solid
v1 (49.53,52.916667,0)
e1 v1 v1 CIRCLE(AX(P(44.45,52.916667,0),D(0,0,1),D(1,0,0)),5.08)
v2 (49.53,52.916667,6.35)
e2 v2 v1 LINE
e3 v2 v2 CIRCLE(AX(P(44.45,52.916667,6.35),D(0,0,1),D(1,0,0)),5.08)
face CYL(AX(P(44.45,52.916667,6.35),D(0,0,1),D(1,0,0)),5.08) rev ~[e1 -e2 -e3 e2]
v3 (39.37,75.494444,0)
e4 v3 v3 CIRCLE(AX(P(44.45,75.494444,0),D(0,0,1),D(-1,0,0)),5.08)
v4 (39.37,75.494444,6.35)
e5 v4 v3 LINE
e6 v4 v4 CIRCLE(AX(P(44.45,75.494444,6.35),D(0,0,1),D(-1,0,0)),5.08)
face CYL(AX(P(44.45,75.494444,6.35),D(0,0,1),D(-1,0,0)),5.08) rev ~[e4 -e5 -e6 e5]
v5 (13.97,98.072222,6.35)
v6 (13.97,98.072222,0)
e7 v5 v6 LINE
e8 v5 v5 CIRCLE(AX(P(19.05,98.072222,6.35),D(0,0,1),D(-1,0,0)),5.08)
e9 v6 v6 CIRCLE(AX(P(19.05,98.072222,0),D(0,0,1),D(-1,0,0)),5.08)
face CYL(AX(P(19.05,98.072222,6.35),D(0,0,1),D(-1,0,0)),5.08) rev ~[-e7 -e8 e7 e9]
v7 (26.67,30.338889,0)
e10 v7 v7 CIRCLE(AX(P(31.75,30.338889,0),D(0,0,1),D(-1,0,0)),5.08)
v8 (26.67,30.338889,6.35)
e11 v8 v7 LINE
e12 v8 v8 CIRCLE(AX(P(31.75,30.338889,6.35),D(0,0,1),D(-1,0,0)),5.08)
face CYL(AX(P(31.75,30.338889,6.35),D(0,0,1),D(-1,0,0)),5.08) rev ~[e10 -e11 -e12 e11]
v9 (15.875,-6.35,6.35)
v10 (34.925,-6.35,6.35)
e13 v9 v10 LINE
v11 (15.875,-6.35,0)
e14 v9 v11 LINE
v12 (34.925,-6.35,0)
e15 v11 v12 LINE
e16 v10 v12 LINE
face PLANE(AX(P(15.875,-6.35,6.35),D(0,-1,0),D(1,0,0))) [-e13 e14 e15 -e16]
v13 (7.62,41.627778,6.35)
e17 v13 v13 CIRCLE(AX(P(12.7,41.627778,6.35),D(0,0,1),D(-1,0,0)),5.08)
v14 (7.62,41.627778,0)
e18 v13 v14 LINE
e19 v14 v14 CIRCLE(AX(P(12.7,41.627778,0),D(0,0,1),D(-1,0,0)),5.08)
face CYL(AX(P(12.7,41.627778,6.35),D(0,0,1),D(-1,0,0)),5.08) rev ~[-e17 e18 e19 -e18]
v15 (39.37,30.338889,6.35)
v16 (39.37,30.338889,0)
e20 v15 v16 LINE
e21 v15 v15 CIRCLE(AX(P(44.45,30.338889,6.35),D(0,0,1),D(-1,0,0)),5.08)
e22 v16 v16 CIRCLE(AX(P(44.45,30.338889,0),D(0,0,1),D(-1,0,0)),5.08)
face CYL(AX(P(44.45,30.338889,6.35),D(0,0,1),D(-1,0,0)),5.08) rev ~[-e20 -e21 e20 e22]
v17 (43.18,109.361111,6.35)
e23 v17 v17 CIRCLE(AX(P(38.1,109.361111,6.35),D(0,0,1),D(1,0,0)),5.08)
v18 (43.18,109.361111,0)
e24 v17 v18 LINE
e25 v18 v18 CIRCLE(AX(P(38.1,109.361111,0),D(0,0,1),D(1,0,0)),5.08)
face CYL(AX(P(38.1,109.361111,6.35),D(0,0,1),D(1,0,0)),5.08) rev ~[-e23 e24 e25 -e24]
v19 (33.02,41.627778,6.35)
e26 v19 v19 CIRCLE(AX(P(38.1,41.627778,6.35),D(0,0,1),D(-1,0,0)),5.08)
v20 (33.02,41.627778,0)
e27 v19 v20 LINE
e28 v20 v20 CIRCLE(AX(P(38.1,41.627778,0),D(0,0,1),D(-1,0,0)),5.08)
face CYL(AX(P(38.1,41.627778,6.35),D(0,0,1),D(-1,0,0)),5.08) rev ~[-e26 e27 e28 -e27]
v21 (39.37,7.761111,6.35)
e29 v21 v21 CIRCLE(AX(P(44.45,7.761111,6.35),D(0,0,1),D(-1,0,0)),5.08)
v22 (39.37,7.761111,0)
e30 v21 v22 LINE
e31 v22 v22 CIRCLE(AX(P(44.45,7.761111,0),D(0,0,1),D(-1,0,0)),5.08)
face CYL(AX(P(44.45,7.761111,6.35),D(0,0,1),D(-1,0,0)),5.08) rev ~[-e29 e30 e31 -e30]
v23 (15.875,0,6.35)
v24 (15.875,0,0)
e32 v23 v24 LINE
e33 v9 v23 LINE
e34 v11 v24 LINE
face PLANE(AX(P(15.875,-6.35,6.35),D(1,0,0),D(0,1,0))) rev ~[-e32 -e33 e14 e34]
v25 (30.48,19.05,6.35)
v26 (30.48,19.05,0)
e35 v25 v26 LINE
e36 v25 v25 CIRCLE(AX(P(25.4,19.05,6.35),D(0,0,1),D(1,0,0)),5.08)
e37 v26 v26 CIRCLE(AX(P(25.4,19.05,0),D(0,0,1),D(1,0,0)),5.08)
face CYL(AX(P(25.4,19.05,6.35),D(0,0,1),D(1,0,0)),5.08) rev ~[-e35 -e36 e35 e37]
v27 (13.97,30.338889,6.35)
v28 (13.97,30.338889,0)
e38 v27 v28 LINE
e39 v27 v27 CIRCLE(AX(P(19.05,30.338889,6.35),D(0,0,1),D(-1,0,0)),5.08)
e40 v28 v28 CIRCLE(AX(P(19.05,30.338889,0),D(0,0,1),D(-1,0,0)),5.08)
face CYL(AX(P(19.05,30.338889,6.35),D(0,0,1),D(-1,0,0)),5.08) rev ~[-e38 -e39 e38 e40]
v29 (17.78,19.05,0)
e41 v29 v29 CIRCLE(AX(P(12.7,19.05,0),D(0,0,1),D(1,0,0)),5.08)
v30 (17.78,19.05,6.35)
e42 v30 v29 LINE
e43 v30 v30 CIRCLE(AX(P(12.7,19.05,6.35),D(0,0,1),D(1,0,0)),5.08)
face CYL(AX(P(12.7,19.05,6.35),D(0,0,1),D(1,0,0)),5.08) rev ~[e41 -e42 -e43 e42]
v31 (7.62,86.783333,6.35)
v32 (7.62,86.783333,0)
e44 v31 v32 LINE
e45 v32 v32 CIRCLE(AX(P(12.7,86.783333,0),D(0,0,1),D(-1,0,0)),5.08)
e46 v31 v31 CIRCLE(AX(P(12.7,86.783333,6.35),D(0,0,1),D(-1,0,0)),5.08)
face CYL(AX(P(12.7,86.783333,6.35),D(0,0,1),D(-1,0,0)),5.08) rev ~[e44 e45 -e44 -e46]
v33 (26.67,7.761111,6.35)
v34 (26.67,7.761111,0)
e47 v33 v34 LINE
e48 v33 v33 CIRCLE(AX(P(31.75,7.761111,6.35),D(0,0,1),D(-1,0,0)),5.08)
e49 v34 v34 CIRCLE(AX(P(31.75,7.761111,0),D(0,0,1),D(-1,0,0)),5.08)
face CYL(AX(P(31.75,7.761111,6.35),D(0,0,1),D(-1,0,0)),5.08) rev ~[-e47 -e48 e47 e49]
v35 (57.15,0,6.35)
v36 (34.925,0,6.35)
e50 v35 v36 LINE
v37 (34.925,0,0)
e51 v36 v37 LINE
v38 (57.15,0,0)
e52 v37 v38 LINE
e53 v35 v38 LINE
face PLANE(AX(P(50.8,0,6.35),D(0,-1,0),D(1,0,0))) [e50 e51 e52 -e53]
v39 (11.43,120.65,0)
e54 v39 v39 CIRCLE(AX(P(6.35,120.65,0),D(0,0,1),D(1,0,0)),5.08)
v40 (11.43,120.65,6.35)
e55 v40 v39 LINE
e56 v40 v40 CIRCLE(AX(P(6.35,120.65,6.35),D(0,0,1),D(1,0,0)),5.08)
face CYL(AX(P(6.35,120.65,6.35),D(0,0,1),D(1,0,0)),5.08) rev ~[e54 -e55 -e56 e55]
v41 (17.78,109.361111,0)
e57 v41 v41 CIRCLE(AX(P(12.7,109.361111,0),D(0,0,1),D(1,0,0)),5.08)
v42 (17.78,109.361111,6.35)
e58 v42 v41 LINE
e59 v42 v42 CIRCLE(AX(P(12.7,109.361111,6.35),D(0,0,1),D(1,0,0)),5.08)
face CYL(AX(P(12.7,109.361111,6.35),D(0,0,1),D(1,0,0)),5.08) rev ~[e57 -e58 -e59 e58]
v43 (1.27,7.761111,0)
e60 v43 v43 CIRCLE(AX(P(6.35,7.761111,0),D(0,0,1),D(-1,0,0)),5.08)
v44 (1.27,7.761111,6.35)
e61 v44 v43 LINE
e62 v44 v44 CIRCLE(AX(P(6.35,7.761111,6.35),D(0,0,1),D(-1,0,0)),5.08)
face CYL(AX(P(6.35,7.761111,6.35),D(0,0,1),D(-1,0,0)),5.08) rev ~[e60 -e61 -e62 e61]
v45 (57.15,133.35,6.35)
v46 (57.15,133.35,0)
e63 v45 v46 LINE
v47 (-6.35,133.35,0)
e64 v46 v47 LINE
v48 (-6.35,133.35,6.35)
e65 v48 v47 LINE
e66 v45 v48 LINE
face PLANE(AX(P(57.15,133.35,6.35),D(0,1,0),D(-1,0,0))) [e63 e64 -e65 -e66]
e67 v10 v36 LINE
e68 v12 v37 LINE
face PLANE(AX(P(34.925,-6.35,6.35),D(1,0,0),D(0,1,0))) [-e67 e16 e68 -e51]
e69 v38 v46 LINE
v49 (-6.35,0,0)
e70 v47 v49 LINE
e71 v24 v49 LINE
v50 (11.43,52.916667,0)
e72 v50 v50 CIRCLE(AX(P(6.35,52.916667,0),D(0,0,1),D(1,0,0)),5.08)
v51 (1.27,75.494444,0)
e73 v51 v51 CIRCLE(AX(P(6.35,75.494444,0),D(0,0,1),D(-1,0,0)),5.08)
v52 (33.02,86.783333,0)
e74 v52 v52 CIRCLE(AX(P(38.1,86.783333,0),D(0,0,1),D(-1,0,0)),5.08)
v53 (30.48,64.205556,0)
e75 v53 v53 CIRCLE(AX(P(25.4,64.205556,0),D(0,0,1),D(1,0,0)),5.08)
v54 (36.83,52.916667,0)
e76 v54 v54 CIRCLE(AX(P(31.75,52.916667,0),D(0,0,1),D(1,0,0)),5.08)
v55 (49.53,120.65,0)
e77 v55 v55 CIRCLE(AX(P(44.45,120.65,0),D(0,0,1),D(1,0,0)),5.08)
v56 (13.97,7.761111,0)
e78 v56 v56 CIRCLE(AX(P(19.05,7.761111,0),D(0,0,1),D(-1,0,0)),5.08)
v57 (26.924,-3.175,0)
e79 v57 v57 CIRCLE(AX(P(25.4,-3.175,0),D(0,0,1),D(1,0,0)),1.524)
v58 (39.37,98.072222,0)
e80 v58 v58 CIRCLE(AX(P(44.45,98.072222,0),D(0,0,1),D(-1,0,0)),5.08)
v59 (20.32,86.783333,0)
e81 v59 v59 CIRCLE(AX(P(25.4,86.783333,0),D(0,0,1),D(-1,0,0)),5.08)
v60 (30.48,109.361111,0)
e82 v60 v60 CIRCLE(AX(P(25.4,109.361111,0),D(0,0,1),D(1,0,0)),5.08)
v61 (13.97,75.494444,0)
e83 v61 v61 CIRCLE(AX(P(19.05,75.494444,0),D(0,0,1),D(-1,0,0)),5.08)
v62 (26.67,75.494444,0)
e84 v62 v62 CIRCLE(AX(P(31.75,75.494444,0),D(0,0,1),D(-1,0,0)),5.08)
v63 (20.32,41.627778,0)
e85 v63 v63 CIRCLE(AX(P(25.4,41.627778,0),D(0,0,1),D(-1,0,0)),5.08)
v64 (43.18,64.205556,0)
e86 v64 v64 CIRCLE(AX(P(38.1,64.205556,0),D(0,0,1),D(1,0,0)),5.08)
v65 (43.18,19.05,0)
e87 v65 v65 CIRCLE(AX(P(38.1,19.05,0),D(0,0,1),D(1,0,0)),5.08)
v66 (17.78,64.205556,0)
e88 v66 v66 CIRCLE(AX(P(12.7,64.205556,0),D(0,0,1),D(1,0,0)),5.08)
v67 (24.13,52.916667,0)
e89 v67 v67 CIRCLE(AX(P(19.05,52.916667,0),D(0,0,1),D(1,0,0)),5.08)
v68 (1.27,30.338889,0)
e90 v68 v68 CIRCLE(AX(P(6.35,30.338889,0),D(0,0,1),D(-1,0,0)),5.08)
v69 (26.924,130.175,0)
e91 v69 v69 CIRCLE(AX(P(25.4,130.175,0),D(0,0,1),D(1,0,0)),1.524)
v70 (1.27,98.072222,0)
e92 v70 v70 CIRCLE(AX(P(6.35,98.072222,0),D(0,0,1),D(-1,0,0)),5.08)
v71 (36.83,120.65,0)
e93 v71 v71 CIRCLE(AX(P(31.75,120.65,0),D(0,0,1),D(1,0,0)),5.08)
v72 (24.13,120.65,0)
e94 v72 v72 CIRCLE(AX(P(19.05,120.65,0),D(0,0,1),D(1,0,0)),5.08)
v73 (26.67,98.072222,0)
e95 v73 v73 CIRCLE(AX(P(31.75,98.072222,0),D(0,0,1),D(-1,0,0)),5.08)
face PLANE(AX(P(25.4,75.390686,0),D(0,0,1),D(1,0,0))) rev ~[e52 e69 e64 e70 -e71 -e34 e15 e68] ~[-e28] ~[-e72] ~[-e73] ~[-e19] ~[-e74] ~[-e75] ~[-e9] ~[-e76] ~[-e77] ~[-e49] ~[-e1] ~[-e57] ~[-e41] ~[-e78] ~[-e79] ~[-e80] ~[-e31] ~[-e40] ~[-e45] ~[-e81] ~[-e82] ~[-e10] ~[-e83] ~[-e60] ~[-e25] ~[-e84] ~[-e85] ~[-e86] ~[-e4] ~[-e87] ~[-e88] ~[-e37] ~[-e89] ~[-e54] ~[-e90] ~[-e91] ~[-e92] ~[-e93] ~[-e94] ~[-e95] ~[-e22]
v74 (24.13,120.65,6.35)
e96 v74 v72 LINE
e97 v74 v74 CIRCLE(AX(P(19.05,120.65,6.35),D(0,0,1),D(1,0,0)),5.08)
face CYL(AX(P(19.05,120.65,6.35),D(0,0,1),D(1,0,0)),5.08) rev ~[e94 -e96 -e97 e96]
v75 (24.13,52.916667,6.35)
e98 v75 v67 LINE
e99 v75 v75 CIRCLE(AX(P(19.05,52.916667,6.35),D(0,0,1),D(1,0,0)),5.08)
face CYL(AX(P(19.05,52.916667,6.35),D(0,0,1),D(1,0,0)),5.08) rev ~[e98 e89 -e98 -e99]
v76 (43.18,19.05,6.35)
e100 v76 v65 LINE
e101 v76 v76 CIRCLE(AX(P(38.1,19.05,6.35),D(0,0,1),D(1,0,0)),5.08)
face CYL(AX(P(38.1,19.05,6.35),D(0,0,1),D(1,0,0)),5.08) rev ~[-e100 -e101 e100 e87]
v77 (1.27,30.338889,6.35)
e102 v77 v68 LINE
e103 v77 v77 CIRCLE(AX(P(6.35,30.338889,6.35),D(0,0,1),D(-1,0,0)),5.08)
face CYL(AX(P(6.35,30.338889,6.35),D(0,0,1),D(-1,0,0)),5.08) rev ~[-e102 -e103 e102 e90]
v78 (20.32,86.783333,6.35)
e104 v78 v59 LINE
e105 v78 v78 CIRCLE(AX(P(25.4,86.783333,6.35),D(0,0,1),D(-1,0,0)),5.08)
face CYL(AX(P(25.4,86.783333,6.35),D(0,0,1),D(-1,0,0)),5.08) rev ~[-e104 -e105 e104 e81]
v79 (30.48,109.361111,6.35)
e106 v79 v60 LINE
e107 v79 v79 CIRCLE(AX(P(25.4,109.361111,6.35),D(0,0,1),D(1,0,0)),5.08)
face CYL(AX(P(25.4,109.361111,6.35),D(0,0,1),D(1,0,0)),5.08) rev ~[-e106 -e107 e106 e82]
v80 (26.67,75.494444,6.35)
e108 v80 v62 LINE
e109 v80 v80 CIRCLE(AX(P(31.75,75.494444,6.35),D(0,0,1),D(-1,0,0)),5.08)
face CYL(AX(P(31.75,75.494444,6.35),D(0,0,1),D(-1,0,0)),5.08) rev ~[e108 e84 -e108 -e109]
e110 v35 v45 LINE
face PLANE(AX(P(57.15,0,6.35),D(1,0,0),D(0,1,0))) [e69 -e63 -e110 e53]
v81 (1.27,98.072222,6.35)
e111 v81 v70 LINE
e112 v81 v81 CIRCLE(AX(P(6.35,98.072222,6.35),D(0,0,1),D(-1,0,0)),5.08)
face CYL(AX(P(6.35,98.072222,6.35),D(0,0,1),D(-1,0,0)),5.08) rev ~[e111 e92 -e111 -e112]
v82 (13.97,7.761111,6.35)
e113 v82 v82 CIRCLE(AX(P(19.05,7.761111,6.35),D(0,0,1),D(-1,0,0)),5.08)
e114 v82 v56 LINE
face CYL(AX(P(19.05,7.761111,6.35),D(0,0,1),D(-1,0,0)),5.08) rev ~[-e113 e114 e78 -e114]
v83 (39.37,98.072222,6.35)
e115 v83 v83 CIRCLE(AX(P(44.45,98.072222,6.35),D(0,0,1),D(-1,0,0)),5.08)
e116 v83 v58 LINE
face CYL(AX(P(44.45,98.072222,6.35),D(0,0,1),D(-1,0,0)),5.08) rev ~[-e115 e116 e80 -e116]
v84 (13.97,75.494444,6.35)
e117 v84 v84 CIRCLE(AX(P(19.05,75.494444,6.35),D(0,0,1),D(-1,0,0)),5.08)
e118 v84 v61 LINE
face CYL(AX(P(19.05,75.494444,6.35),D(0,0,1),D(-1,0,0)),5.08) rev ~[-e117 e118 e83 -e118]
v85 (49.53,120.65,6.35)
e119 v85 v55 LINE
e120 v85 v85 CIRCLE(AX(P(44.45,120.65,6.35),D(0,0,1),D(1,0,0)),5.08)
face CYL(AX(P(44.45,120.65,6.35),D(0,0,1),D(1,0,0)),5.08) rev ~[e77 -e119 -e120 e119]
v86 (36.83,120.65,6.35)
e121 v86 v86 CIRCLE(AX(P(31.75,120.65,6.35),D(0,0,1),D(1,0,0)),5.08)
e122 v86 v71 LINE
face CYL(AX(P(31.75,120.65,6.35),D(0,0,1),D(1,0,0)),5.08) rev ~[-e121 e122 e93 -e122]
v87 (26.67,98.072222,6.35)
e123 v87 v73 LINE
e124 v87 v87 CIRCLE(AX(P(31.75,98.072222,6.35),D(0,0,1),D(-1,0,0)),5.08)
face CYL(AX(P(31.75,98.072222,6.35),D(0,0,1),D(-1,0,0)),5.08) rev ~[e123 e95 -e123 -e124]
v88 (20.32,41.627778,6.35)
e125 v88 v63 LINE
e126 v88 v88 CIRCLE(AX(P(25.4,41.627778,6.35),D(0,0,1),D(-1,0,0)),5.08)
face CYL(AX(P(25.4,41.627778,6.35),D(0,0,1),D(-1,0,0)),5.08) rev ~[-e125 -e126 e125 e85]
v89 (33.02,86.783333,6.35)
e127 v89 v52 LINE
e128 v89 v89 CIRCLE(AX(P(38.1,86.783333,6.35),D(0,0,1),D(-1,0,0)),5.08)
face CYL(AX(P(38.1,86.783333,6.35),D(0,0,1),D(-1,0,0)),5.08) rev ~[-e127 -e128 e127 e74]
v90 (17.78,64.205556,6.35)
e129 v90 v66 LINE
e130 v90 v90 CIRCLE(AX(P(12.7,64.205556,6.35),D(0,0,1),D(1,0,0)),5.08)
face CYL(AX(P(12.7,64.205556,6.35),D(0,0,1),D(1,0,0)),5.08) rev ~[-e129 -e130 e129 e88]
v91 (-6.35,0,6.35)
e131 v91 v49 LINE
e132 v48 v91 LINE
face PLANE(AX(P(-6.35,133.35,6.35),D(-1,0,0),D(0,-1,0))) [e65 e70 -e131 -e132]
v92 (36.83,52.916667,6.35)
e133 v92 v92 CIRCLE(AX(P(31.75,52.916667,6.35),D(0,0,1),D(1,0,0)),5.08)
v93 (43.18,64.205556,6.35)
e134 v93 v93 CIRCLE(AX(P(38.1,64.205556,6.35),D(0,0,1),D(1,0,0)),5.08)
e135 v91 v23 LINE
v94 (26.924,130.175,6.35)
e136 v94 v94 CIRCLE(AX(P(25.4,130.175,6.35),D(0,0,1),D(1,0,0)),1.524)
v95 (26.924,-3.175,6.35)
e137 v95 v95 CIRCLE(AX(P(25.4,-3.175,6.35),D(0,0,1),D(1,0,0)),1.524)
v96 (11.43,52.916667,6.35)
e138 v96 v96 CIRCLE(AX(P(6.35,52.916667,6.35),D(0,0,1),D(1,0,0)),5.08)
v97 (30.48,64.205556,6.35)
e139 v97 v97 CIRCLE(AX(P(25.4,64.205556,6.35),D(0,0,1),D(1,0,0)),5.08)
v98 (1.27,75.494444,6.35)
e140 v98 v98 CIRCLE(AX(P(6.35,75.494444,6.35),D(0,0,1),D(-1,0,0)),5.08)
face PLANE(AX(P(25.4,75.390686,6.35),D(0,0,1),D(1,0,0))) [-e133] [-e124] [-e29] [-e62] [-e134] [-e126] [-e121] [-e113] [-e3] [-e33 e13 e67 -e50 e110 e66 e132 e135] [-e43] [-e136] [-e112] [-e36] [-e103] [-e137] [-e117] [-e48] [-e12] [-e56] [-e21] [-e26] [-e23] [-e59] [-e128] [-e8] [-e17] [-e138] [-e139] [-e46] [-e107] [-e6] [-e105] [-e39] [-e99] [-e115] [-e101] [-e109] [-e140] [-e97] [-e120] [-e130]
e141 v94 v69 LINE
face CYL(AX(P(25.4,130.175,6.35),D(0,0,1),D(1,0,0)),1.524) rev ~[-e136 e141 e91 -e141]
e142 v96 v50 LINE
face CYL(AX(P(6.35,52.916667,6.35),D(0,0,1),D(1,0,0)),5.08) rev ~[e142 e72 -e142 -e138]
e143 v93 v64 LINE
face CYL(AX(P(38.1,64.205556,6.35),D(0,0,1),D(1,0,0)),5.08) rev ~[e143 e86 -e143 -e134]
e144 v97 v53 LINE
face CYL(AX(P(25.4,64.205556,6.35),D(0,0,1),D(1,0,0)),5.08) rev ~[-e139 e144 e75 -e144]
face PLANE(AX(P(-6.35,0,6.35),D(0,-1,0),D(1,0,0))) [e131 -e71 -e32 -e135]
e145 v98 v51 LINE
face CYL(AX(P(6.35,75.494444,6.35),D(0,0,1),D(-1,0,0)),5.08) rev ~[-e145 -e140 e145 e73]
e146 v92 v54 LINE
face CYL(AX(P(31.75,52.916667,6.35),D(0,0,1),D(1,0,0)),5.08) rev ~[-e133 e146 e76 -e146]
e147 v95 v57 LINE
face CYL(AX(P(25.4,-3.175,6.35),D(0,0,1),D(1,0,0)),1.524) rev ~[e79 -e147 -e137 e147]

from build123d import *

# Parameters (mm, degrees)
SKETCH1_W           = 50.8
SKETCH1_H           = 127
BOSS_EXTRUDE1_DEPTH = 6.35
SKETCH2_R           = 5.08
CUT_EXTRUDE1_DEPTH  = 137.930502446
SKETCH3_W           = 19.05
SKETCH3_H           = 6.35
SKETCH3_R           = 1.524
BOSS_EXTRUDE2_DEPTH = 6.35
BOSS_EXTRUDE3_DEPTH = 6.35
SKETCH5_R           = 1.524
CUT_EXTRUDE2_DEPTH  = 146.219377151


with BuildPart() as part:
    # Sketch1 → Boss-Extrude1 (new body)
    with BuildSketch(Plane.XY):
        with Locations((25.4, 63.5)):
            Rectangle(SKETCH1_W, SKETCH1_H)
    extrude(amount=BOSS_EXTRUDE1_DEPTH)

    # Sketch2 → Cut-Extrude1 (cut, through all)
    with BuildSketch(Plane.XY.offset(6.35)):
        with Locations(Location((6.35, 98.072222222, 0), (0, 0, 180))):
            Circle(SKETCH2_R)
        with Locations(Location((19.05, 98.072222222, 0), (0, 0, 180))):
            Circle(SKETCH2_R)
        with Locations(Location((31.75, 98.072222222, 0), (0, 0, 180))):
            Circle(SKETCH2_R)
        with Locations(Location((44.45, 98.072222222, 0), (0, 0, 180))):
            Circle(SKETCH2_R)
        with Locations(Location((12.7, 86.783333333, 0), (0, 0, 180))):
            Circle(SKETCH2_R)
        with Locations(Location((25.4, 86.783333333, 0), (0, 0, 180))):
            Circle(SKETCH2_R)
        with Locations(Location((38.1, 86.783333333, 0), (0, 0, 180))):
            Circle(SKETCH2_R)
        with Locations(Location((44.45, 75.494444444, 0), (0, 0, 180))):
            Circle(SKETCH2_R)
        with Locations(Location((31.75, 75.494444444, 0), (0, 0, 180))):
            Circle(SKETCH2_R)
        with Locations(Location((19.05, 75.494444444, 0), (0, 0, 180))):
            Circle(SKETCH2_R)
        with Locations(Location((6.35, 75.494444444, 0), (0, 0, 180))):
            Circle(SKETCH2_R)
        with Locations(Location((6.35, 30.338888889, 0), (0, 0, 180))):
            Circle(SKETCH2_R)
        with Locations(Location((19.05, 30.338888889, 0), (0, 0, 180))):
            Circle(SKETCH2_R)
        with Locations(Location((31.75, 30.338888889, 0), (0, 0, 180))):
            Circle(SKETCH2_R)
        with Locations((19.05, 120.65)):
            Circle(SKETCH2_R)
        with Locations((6.35, 120.65)):
            Circle(SKETCH2_R)
        with Locations((31.75, 120.65)):
            Circle(SKETCH2_R)
        with Locations((44.45, 120.65)):
            Circle(SKETCH2_R)
        with Locations((25.4, 109.361111111)):
            Circle(SKETCH2_R)
        with Locations((38.1, 109.361111111)):
            Circle(SKETCH2_R)
        with Locations((12.7, 109.361111111)):
            Circle(SKETCH2_R)
        with Locations(Location((44.45, 30.338888889, 0), (0, 0, 180))):
            Circle(SKETCH2_R)
        with Locations(Location((38.1, 41.627777778, 0), (0, 0, 180))):
            Circle(SKETCH2_R)
        with Locations(Location((25.4, 41.627777778, 0), (0, 0, 180))):
            Circle(SKETCH2_R)
        with Locations(Location((12.7, 41.627777778, 0), (0, 0, 180))):
            Circle(SKETCH2_R)
        with Locations((38.1, 64.205555556)):
            Circle(SKETCH2_R)
        with Locations((25.4, 64.205555556)):
            Circle(SKETCH2_R)
        with Locations((12.7, 64.205555556)):
            Circle(SKETCH2_R)
        with Locations((44.45, 52.916666667)):
            Circle(SKETCH2_R)
        with Locations((31.75, 52.916666667)):
            Circle(SKETCH2_R)
        with Locations((19.05, 52.916666667)):
            Circle(SKETCH2_R)
        with Locations((6.35, 52.916666667)):
            Circle(SKETCH2_R)
        with Locations((12.7, 19.05)):
            Circle(SKETCH2_R)
        with Locations((25.4, 19.05)):
            Circle(SKETCH2_R)
        with Locations((38.1, 19.05)):
            Circle(SKETCH2_R)
        with Locations(Location((6.35, 7.761111111, 0), (0, 0, 180))):
            Circle(SKETCH2_R)
        with Locations(Location((19.05, 7.761111111, 0), (0, 0, 180))):
            Circle(SKETCH2_R)
        with Locations(Location((31.75, 7.761111111, 0), (0, 0, 180))):
            Circle(SKETCH2_R)
        with Locations(Location((44.45, 7.761111111, 0), (0, 0, 180))):
            Circle(SKETCH2_R)
    extrude(amount=-CUT_EXTRUDE1_DEPTH, mode=Mode.SUBTRACT)



with BuildPart() as body_2:
    # Sketch3 → Boss-Extrude2 (new body)
    with BuildSketch(Plane.XY.offset(6.35)):
        with Locations((25.4, -3.175)):
            Rectangle(SKETCH3_W, SKETCH3_H)
        with Locations((25.4, -3.175)):
            Circle(SKETCH3_R, mode=Mode.SUBTRACT)
    extrude(amount=-BOSS_EXTRUDE2_DEPTH)


with BuildPart() as part_1:
    add(part.part)

    add(body_2.part)  # Boss-Extrude3 merges body 2
    # Sketch4 → Boss-Extrude3 (add)
    with BuildSketch(Plane.XY.offset(6.35)):
        Polygon((50.8, 127), (50.8, 0), (57.15, 0), (57.15, 130.175), (57.15, 133.35), (-6.35, 133.35), (-6.35, 127), (-6.35, 0), (0, 0), (0, 127), align=None)
    extrude(amount=-BOSS_EXTRUDE3_DEPTH)

    # Sketch5 → Cut-Extrude2 (cut, through all)
    with BuildSketch(Plane.XY.offset(6.35)):
        with Locations((25.4, 130.175)):
            Circle(SKETCH5_R)
    extrude(amount=-CUT_EXTRUDE2_DEPTH, mode=Mode.SUBTRACT)


solid = part_1.part
